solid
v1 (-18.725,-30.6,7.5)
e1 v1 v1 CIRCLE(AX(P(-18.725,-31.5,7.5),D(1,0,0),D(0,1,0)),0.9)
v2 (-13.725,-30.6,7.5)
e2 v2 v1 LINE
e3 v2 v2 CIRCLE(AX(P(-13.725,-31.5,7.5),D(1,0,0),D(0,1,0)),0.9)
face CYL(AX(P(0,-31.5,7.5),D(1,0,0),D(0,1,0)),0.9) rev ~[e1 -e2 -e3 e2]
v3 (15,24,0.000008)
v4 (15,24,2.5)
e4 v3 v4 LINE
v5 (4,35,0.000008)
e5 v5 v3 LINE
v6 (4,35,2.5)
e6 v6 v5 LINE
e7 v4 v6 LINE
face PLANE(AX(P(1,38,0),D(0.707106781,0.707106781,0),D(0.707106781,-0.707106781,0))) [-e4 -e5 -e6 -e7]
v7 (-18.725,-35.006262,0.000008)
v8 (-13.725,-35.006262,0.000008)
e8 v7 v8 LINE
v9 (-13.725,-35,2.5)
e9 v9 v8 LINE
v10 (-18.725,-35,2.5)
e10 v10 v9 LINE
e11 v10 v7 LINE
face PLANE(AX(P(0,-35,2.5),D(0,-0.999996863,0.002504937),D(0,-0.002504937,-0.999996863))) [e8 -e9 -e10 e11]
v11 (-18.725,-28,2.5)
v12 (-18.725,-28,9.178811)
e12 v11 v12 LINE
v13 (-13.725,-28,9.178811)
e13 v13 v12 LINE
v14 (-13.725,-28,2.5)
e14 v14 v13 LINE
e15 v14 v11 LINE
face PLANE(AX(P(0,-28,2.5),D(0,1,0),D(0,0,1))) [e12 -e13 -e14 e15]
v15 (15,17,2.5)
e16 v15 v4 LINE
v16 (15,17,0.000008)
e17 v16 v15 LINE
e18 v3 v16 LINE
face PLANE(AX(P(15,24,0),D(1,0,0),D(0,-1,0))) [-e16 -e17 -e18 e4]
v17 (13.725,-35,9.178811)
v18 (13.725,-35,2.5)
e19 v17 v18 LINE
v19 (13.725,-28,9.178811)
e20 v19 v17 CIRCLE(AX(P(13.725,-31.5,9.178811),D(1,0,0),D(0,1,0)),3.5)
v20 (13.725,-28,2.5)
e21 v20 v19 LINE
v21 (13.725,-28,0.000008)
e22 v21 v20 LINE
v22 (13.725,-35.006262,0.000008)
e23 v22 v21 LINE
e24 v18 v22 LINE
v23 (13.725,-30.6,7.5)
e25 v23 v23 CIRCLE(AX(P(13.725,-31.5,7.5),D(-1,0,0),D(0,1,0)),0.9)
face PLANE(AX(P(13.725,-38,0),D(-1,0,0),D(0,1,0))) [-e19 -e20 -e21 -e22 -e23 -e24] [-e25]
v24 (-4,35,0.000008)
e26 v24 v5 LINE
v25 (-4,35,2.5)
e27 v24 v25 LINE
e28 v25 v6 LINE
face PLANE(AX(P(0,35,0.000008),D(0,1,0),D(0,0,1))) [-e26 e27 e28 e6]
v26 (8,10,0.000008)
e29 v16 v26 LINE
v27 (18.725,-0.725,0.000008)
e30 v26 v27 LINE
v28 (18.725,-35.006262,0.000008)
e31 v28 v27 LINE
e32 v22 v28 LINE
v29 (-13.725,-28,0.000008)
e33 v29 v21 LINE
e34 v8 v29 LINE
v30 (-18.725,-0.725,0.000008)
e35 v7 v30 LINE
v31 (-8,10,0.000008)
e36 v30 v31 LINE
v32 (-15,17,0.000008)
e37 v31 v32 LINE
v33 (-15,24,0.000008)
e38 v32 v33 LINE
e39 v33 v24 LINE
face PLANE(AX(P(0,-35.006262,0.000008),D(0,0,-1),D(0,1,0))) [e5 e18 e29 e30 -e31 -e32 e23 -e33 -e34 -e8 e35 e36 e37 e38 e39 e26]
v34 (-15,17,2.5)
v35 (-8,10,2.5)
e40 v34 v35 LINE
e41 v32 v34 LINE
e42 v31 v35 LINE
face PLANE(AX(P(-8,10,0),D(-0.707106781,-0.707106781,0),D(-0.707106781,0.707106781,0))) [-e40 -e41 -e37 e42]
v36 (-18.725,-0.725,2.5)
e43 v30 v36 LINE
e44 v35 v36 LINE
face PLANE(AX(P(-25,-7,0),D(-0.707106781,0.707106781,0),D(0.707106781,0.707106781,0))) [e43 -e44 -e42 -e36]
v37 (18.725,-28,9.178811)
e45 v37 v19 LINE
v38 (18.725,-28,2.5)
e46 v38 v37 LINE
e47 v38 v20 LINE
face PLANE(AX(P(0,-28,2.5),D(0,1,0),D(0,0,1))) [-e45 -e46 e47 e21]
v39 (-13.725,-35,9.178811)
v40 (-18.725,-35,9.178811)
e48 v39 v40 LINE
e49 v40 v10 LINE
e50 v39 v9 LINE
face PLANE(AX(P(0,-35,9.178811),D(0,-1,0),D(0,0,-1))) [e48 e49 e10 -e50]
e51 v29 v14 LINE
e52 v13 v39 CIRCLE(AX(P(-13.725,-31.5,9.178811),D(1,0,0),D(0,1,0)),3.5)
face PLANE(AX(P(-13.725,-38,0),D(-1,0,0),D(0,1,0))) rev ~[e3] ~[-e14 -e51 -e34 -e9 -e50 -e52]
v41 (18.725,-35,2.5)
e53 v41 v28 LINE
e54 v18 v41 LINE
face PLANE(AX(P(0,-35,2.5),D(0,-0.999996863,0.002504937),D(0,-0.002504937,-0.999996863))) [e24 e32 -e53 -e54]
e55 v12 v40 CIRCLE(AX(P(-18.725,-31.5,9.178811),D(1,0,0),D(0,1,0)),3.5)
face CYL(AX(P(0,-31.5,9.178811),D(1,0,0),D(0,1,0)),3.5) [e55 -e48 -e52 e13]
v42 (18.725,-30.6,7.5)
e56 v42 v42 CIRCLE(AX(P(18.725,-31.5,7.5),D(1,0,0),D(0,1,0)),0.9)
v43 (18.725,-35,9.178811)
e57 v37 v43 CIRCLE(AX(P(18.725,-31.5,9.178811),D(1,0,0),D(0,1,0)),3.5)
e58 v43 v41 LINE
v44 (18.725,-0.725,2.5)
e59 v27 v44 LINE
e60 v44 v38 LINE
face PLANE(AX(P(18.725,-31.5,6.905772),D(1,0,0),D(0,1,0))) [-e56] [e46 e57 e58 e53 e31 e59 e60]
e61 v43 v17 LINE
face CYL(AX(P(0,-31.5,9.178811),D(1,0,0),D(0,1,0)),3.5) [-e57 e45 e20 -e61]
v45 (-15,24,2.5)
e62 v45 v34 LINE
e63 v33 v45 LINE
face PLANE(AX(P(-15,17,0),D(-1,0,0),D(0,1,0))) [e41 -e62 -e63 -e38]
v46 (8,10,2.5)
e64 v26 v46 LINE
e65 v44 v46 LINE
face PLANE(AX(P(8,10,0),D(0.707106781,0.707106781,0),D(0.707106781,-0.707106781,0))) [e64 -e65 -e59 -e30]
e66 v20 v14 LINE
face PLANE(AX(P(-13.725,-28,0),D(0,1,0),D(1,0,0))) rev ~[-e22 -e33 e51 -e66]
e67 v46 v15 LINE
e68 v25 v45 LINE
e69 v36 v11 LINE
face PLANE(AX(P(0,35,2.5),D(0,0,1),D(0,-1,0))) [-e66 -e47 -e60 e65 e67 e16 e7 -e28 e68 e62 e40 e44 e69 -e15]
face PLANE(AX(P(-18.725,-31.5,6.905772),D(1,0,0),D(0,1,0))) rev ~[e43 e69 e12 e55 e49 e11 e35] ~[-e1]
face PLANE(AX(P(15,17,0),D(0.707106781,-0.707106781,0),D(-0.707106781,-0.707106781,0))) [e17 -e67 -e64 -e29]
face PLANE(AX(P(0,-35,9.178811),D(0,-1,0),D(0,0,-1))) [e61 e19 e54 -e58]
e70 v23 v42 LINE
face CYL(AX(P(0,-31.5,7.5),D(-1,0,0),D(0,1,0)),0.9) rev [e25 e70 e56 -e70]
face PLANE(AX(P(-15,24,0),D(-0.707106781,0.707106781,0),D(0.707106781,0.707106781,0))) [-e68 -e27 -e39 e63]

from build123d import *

# Parameters (mm, degrees)
F0_R          = 0.9
F1_DEPTH      = 18.725
F1_DEPTH_BACK = 18.725
F2_W          = 27.45
F2_H          = 10
F3_DEPTH      = 25
F3_DEPTH_BACK = 25
F4_DEPTH      = 5
F4_DEPTH_BACK = 5


with BuildPart() as f1:
    # F0 (on Right) → F1 (new body, two sides)
    with BuildSketch(Plane.YZ) as f1_sk:
        with BuildLine():
            Line((-35, 2.5), (-28, 2.5))
            Line((-28, 2.5), (-28, 9.1788107529))
            ThreePointArc((-28, 9.1788107529), (-31.5, 12.6788107529), (-35, 9.1788107529))
            Line((-35, 9.1788107529), (-35, 2.5))
        make_face()
        with Locations((-31.5, 7.5)):
            Circle(F0_R, mode=Mode.SUBTRACT)
        Polygon((35.0000000196, 7.8434e-06), (35.0000000196, 2.5), (-28, 2.5), (-35, 2.5), (-35.0062623424, 7.8434e-06), align=None)
    extrude(amount=F1_DEPTH)
    extrude(f1_sk.sketch, amount=-F1_DEPTH_BACK)

    # F2 (on Top) → F3 (cut, two sides)
    with BuildSketch(Plane.XY) as f3_sk:
        with Locations((0, -33)):
            Rectangle(F2_W, F2_H)
    extrude(amount=F3_DEPTH, mode=Mode.SUBTRACT)
    extrude(f3_sk.sketch, amount=-F3_DEPTH_BACK, mode=Mode.SUBTRACT)

    # F2 (on Top) → F4 (cut, two sides)
    with BuildSketch(Plane.XY) as f4_sk:
        Polygon((15, 17), (15, 10), (25, 10), (25, 31), (15, 31), (15, 24), align=None)
        Polygon((-25, 10), (-15, 10), (-15, 17), (-15, 24), (-15, 31), (-25, 31), align=None)
        Polygon((-15, 17), (-15, 10), (-8, 10), align=None)
        Polygon((-15, 31), (-15, 24), (-8, 31), align=None)
        Polygon((8, 10), (15, 10), (15, 17), align=None)
        Polygon((8, 31), (15, 24), (15, 31), align=None)
        Polygon((15, 31), (25, 31), (25, 38), (1, 38), (8, 31), align=None)
        Polygon((25, 10), (15, 10), (8, 10), (25, -7), align=None)
        Polygon((-8, 10), (-15, 10), (-25, 10), (-25, -7), align=None)
        Polygon((-25, 38), (-25, 31), (-15, 31), (-8, 31), (-1, 38), align=None)
    extrude(amount=-F4_DEPTH, mode=Mode.SUBTRACT)
    extrude(f4_sk.sketch, amount=F4_DEPTH_BACK, mode=Mode.SUBTRACT)


solid = f1.part
